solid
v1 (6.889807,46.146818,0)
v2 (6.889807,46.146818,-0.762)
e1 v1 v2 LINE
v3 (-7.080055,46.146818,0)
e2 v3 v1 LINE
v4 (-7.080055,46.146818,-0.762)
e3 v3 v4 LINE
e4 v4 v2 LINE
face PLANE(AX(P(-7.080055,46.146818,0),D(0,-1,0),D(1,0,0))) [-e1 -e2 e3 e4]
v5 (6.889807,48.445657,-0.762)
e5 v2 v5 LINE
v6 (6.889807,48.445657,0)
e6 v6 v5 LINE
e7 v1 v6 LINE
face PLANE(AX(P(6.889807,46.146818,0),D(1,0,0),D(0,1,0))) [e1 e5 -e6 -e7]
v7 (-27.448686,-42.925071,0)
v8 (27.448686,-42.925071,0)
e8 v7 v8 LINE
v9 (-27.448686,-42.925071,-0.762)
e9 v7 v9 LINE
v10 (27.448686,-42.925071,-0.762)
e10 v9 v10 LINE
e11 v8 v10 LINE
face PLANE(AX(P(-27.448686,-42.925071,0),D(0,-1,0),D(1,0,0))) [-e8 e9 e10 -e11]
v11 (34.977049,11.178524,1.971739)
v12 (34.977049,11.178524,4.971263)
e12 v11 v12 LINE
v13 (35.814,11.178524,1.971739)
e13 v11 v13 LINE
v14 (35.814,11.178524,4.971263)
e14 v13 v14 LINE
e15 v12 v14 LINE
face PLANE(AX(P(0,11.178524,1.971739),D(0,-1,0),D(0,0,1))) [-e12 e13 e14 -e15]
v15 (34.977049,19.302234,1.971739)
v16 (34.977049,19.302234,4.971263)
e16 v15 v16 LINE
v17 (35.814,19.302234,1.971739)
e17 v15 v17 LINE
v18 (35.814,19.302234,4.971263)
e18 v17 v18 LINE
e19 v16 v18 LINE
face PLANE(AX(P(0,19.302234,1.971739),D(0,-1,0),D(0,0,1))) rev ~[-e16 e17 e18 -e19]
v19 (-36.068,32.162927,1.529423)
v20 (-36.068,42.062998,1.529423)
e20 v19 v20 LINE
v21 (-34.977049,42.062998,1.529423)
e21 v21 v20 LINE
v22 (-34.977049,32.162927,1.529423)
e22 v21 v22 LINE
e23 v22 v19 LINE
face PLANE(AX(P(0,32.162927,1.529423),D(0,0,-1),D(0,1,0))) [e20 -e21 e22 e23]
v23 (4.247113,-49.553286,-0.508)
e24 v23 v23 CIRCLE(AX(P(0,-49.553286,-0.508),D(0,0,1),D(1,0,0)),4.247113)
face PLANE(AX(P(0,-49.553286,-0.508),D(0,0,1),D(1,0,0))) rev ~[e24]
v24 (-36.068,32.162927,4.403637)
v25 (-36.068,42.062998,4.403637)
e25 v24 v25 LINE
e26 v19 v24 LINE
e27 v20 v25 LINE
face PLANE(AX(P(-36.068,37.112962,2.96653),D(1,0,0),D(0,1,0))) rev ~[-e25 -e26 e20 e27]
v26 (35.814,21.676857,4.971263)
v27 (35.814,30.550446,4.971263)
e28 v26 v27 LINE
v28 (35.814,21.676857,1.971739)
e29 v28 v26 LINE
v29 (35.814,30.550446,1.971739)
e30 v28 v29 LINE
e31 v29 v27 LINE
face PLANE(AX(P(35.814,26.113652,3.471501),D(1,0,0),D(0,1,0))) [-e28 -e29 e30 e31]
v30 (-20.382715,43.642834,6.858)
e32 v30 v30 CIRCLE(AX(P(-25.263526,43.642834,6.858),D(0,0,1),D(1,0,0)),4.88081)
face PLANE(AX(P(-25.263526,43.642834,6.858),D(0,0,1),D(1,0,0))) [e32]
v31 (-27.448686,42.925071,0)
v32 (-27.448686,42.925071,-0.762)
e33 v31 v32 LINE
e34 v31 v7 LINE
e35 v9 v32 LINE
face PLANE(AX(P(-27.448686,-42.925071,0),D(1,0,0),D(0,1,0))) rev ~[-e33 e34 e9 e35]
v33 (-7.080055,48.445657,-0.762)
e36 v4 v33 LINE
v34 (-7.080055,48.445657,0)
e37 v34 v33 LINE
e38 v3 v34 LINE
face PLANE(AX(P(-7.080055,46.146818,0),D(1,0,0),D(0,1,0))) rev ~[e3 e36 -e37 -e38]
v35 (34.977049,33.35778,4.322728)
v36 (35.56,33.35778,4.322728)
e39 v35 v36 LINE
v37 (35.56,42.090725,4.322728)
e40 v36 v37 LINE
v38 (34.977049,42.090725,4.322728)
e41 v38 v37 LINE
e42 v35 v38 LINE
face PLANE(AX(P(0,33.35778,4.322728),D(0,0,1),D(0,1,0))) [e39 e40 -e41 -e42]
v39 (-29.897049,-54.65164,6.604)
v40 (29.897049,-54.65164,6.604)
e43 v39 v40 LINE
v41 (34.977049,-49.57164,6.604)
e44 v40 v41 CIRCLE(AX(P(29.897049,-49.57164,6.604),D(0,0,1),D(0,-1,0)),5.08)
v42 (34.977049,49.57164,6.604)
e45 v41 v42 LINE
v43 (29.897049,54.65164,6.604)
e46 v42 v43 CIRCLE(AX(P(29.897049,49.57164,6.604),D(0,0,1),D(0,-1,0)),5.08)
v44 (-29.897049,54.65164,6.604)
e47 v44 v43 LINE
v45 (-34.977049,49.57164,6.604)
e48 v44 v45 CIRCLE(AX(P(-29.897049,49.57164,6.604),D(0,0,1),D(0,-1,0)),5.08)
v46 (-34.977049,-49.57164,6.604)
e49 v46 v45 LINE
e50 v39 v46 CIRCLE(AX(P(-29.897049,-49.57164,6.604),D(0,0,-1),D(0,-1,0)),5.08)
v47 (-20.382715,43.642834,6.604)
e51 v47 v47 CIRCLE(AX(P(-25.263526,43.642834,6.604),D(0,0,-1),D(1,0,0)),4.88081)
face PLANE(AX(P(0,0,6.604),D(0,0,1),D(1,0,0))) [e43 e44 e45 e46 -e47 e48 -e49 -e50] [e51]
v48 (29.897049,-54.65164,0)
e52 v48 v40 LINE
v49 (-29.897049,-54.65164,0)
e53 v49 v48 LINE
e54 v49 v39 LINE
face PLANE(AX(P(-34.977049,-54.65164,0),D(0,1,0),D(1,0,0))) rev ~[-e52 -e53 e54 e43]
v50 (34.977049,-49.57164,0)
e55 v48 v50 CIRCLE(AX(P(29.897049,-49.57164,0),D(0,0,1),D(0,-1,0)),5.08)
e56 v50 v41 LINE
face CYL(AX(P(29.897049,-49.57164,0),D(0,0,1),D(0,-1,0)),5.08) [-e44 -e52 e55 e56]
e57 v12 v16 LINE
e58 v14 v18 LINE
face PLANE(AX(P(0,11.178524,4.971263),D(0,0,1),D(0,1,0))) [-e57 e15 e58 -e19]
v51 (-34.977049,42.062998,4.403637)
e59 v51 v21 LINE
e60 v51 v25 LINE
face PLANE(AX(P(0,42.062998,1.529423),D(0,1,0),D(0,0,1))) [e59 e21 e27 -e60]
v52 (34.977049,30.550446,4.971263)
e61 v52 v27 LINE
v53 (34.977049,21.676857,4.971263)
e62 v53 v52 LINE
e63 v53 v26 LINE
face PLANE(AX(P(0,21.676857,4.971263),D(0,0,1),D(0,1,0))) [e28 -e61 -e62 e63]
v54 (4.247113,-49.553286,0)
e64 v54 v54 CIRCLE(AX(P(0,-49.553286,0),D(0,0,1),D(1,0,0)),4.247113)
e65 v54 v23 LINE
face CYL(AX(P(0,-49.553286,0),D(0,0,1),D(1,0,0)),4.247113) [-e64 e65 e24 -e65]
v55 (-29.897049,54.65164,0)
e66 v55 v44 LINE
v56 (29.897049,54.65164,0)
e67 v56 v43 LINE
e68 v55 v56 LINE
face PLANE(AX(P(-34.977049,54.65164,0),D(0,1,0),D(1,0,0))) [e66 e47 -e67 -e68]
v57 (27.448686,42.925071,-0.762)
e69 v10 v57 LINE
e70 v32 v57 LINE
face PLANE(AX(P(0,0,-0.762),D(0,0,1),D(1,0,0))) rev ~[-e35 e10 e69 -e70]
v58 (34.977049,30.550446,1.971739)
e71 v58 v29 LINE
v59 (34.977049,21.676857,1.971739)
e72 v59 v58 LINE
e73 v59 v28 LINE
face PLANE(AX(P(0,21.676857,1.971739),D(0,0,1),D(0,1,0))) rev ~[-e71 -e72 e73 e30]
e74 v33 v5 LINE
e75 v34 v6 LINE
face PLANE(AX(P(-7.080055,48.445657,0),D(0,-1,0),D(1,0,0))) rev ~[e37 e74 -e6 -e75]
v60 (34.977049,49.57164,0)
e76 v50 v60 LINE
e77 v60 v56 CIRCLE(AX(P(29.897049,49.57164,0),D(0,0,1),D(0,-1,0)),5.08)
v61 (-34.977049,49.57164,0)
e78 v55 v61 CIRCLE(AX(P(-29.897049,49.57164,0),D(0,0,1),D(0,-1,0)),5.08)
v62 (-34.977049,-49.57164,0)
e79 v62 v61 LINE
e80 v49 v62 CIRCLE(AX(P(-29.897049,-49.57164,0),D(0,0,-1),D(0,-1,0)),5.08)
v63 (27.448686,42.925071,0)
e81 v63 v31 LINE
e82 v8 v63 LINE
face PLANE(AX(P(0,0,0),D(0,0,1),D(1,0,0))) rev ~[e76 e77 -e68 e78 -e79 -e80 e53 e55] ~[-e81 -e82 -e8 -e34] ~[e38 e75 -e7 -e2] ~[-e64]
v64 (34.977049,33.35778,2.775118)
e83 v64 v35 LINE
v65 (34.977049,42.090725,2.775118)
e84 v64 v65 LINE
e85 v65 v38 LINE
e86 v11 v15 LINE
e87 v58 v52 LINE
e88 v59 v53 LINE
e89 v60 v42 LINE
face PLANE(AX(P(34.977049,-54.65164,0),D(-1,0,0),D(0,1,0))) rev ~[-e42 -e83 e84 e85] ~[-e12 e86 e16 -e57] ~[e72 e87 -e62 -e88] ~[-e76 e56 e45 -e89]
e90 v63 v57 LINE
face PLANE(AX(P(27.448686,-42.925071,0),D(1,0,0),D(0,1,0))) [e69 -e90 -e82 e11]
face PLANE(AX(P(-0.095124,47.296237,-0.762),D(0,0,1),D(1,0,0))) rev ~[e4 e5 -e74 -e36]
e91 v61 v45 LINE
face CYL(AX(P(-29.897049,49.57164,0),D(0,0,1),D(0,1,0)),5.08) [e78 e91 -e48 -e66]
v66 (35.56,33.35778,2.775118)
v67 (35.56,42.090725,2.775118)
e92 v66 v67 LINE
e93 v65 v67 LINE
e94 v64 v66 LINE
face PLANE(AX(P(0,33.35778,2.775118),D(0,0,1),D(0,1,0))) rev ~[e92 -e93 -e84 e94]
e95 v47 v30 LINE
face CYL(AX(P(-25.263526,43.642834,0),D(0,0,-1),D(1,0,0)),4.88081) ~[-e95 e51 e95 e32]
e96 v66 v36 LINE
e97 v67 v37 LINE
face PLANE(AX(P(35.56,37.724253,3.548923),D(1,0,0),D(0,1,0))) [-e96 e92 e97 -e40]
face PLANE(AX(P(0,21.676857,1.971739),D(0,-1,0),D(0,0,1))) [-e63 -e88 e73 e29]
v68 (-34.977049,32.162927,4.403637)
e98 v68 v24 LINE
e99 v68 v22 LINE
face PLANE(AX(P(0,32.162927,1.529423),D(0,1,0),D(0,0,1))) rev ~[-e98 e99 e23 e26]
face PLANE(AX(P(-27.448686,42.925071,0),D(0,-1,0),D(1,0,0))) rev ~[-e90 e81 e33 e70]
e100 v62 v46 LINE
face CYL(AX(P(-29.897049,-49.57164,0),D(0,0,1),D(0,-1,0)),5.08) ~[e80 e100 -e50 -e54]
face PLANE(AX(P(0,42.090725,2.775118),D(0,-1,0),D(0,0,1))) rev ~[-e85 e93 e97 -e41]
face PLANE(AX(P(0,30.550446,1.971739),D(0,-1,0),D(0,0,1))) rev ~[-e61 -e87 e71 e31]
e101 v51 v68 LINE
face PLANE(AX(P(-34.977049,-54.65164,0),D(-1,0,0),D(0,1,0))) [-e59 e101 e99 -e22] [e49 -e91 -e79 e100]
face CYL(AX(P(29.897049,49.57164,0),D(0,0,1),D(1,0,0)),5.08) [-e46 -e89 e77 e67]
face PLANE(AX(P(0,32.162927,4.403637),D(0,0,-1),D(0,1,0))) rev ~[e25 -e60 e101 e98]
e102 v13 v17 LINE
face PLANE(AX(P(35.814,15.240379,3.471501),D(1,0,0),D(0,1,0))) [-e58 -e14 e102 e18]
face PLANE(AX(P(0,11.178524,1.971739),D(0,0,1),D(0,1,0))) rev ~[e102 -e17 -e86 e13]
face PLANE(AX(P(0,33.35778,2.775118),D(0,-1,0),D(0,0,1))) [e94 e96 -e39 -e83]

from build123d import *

# Parameters (mm, degrees)
F0_W      = 69.954097271
F0_H      = 109.3032807112
F0_W_2    = 60.0439347327
F0_H_2    = 102.8908193111
F1_DEPTH  = 6.604
F2_R      = 5.08
F3_R      = 5.08
F4_R      = 5.08
F5_R      = 5.08
F7_R      = 4.5439536935
F8_DEPTH  = 5.08
F6_W      = 54.8973716795
F6_H      = 85.8501419425
F10_DEPTH = 0.762
F9_R      = 4.2471129498
F11_DEPTH = 0.508
F12_W     = 11.9684562087
F12_H     = 3.1413002871
F13_DEPTH = 27.432
F14_W     = 9.9000707269
F14_H     = 2.8742142022
F15_DEPTH = 36.068
F16_W     = 8.7329447269
F16_H     = 1.5476101544
F17_DEPTH = 35.56
F18_W     = 8.8735893369
F18_H     = 2.9995241202
F20_DEPTH = 35.814
F19_W     = 8.1237098202
F19_H     = 2.9995241202
F21_DEPTH = 35.814
F22_W     = 7.1957183536
F22_H     = 1.4391434379
F23_DEPTH = 54.61
F24_R     = 4.8808100994
F25_DEPTH = 6.858
F26_W     = 13.9698619023
F26_H     = 2.2988393903
F27_DEPTH = 0.762


with BuildPart() as f1:
    # F0 (on Top) → F1 (new body)
    with BuildSketch(Plane.XY):
        Rectangle(F0_W, F0_H)
        Rectangle(F0_W_2, F0_H_2, mode=Mode.SUBTRACT)
        Rectangle(F0_W_2, F0_H_2)
    extrude(amount=F1_DEPTH)

    # F2
    f2_edges = [f1.edges().sort_by_distance(p)[0] for p in [
        (34.977049, -54.65164, 3.302),
    ]]
    fillet(f2_edges, radius=F2_R)

    # F3
    f3_edges = [f1.edges().sort_by_distance(p)[0] for p in [
        (-34.977049, -54.65164, 3.302),
    ]]
    fillet(f3_edges, radius=F3_R)

    # F4
    f4_edges = [f1.edges().sort_by_distance(p)[0] for p in [
        (34.977049, 54.65164, 3.302),
    ]]
    fillet(f4_edges, radius=F4_R)

    # F5
    f5_edges = [f1.edges().sort_by_distance(p)[0] for p in [
        (-34.977049, 54.65164, 3.302),
    ]]
    fillet(f5_edges, radius=F5_R)

    # F7 (on Top) → F8 (join)
    with BuildSketch(Plane.XY):
        with Locations((0, -49.0902625024)):
            Circle(F7_R)
    extrude(amount=F8_DEPTH)

    # F6 (on Top) → F10 (join)
    with BuildSketch(Plane.XY):
        Rectangle(F6_W, F6_H)
    extrude(amount=-F10_DEPTH)

    # F9 (on Top) → F11 (join)
    with BuildSketch(Plane.XY):
        with Locations((0, -49.5532862842)):
            Circle(F9_R)
    extrude(amount=-F11_DEPTH)

    # F12 (on Right) → F13 (join)
    with BuildSketch(Plane.YZ):
        with Locations((37.5296398997, 3.3532099333)):
            Rectangle(F12_W, F12_H)
    extrude(amount=F13_DEPTH)

    # F14 (on Right) → F15 (join)
    with BuildSketch(Plane.YZ):
        with Locations((37.1129624546, 2.9665301554)):
            Rectangle(F14_W, F14_H)
    extrude(amount=-F15_DEPTH)

    # F16 (on Right) → F17 (join)
    with BuildSketch(Plane.YZ):
        with Locations((37.7242527902, 3.5489225993)):
            Rectangle(F16_W, F16_H)
    extrude(amount=F17_DEPTH)

    # F18 (on Right) → F20 (join)
    with BuildSketch(Plane.YZ):
        with Locations((26.1136516929, 3.4715009388)):
            Rectangle(F18_W, F18_H)
    extrude(amount=F20_DEPTH)

    # F19 (on Right) → F21 (join)
    with BuildSketch(Plane.YZ):
        with Locations((15.2403791435, 3.4715009388)):
            Rectangle(F19_W, F19_H)
    extrude(amount=F21_DEPTH)

    # F22 (on Front) → F23 (join)
    with BuildSketch(Plane.XZ):
        with Locations((-0.2988093765, 3.7136741448)):
            Rectangle(F22_W, F22_H)
    extrude(amount=F23_DEPTH)

    # F24 (on Top) → F25 (join)
    with BuildSketch(Plane.XY):
        with Locations((-25.2635255456, 43.6428338289)):
            Circle(F24_R)
    extrude(amount=F25_DEPTH)

    # F26 (on Top) → F27 (join)
    with BuildSketch(Plane.XY):
        with Locations((-0.0951243564, 47.2962372005)):
            Rectangle(F26_W, F26_H)
    extrude(amount=-F27_DEPTH)


solid = f1.part
